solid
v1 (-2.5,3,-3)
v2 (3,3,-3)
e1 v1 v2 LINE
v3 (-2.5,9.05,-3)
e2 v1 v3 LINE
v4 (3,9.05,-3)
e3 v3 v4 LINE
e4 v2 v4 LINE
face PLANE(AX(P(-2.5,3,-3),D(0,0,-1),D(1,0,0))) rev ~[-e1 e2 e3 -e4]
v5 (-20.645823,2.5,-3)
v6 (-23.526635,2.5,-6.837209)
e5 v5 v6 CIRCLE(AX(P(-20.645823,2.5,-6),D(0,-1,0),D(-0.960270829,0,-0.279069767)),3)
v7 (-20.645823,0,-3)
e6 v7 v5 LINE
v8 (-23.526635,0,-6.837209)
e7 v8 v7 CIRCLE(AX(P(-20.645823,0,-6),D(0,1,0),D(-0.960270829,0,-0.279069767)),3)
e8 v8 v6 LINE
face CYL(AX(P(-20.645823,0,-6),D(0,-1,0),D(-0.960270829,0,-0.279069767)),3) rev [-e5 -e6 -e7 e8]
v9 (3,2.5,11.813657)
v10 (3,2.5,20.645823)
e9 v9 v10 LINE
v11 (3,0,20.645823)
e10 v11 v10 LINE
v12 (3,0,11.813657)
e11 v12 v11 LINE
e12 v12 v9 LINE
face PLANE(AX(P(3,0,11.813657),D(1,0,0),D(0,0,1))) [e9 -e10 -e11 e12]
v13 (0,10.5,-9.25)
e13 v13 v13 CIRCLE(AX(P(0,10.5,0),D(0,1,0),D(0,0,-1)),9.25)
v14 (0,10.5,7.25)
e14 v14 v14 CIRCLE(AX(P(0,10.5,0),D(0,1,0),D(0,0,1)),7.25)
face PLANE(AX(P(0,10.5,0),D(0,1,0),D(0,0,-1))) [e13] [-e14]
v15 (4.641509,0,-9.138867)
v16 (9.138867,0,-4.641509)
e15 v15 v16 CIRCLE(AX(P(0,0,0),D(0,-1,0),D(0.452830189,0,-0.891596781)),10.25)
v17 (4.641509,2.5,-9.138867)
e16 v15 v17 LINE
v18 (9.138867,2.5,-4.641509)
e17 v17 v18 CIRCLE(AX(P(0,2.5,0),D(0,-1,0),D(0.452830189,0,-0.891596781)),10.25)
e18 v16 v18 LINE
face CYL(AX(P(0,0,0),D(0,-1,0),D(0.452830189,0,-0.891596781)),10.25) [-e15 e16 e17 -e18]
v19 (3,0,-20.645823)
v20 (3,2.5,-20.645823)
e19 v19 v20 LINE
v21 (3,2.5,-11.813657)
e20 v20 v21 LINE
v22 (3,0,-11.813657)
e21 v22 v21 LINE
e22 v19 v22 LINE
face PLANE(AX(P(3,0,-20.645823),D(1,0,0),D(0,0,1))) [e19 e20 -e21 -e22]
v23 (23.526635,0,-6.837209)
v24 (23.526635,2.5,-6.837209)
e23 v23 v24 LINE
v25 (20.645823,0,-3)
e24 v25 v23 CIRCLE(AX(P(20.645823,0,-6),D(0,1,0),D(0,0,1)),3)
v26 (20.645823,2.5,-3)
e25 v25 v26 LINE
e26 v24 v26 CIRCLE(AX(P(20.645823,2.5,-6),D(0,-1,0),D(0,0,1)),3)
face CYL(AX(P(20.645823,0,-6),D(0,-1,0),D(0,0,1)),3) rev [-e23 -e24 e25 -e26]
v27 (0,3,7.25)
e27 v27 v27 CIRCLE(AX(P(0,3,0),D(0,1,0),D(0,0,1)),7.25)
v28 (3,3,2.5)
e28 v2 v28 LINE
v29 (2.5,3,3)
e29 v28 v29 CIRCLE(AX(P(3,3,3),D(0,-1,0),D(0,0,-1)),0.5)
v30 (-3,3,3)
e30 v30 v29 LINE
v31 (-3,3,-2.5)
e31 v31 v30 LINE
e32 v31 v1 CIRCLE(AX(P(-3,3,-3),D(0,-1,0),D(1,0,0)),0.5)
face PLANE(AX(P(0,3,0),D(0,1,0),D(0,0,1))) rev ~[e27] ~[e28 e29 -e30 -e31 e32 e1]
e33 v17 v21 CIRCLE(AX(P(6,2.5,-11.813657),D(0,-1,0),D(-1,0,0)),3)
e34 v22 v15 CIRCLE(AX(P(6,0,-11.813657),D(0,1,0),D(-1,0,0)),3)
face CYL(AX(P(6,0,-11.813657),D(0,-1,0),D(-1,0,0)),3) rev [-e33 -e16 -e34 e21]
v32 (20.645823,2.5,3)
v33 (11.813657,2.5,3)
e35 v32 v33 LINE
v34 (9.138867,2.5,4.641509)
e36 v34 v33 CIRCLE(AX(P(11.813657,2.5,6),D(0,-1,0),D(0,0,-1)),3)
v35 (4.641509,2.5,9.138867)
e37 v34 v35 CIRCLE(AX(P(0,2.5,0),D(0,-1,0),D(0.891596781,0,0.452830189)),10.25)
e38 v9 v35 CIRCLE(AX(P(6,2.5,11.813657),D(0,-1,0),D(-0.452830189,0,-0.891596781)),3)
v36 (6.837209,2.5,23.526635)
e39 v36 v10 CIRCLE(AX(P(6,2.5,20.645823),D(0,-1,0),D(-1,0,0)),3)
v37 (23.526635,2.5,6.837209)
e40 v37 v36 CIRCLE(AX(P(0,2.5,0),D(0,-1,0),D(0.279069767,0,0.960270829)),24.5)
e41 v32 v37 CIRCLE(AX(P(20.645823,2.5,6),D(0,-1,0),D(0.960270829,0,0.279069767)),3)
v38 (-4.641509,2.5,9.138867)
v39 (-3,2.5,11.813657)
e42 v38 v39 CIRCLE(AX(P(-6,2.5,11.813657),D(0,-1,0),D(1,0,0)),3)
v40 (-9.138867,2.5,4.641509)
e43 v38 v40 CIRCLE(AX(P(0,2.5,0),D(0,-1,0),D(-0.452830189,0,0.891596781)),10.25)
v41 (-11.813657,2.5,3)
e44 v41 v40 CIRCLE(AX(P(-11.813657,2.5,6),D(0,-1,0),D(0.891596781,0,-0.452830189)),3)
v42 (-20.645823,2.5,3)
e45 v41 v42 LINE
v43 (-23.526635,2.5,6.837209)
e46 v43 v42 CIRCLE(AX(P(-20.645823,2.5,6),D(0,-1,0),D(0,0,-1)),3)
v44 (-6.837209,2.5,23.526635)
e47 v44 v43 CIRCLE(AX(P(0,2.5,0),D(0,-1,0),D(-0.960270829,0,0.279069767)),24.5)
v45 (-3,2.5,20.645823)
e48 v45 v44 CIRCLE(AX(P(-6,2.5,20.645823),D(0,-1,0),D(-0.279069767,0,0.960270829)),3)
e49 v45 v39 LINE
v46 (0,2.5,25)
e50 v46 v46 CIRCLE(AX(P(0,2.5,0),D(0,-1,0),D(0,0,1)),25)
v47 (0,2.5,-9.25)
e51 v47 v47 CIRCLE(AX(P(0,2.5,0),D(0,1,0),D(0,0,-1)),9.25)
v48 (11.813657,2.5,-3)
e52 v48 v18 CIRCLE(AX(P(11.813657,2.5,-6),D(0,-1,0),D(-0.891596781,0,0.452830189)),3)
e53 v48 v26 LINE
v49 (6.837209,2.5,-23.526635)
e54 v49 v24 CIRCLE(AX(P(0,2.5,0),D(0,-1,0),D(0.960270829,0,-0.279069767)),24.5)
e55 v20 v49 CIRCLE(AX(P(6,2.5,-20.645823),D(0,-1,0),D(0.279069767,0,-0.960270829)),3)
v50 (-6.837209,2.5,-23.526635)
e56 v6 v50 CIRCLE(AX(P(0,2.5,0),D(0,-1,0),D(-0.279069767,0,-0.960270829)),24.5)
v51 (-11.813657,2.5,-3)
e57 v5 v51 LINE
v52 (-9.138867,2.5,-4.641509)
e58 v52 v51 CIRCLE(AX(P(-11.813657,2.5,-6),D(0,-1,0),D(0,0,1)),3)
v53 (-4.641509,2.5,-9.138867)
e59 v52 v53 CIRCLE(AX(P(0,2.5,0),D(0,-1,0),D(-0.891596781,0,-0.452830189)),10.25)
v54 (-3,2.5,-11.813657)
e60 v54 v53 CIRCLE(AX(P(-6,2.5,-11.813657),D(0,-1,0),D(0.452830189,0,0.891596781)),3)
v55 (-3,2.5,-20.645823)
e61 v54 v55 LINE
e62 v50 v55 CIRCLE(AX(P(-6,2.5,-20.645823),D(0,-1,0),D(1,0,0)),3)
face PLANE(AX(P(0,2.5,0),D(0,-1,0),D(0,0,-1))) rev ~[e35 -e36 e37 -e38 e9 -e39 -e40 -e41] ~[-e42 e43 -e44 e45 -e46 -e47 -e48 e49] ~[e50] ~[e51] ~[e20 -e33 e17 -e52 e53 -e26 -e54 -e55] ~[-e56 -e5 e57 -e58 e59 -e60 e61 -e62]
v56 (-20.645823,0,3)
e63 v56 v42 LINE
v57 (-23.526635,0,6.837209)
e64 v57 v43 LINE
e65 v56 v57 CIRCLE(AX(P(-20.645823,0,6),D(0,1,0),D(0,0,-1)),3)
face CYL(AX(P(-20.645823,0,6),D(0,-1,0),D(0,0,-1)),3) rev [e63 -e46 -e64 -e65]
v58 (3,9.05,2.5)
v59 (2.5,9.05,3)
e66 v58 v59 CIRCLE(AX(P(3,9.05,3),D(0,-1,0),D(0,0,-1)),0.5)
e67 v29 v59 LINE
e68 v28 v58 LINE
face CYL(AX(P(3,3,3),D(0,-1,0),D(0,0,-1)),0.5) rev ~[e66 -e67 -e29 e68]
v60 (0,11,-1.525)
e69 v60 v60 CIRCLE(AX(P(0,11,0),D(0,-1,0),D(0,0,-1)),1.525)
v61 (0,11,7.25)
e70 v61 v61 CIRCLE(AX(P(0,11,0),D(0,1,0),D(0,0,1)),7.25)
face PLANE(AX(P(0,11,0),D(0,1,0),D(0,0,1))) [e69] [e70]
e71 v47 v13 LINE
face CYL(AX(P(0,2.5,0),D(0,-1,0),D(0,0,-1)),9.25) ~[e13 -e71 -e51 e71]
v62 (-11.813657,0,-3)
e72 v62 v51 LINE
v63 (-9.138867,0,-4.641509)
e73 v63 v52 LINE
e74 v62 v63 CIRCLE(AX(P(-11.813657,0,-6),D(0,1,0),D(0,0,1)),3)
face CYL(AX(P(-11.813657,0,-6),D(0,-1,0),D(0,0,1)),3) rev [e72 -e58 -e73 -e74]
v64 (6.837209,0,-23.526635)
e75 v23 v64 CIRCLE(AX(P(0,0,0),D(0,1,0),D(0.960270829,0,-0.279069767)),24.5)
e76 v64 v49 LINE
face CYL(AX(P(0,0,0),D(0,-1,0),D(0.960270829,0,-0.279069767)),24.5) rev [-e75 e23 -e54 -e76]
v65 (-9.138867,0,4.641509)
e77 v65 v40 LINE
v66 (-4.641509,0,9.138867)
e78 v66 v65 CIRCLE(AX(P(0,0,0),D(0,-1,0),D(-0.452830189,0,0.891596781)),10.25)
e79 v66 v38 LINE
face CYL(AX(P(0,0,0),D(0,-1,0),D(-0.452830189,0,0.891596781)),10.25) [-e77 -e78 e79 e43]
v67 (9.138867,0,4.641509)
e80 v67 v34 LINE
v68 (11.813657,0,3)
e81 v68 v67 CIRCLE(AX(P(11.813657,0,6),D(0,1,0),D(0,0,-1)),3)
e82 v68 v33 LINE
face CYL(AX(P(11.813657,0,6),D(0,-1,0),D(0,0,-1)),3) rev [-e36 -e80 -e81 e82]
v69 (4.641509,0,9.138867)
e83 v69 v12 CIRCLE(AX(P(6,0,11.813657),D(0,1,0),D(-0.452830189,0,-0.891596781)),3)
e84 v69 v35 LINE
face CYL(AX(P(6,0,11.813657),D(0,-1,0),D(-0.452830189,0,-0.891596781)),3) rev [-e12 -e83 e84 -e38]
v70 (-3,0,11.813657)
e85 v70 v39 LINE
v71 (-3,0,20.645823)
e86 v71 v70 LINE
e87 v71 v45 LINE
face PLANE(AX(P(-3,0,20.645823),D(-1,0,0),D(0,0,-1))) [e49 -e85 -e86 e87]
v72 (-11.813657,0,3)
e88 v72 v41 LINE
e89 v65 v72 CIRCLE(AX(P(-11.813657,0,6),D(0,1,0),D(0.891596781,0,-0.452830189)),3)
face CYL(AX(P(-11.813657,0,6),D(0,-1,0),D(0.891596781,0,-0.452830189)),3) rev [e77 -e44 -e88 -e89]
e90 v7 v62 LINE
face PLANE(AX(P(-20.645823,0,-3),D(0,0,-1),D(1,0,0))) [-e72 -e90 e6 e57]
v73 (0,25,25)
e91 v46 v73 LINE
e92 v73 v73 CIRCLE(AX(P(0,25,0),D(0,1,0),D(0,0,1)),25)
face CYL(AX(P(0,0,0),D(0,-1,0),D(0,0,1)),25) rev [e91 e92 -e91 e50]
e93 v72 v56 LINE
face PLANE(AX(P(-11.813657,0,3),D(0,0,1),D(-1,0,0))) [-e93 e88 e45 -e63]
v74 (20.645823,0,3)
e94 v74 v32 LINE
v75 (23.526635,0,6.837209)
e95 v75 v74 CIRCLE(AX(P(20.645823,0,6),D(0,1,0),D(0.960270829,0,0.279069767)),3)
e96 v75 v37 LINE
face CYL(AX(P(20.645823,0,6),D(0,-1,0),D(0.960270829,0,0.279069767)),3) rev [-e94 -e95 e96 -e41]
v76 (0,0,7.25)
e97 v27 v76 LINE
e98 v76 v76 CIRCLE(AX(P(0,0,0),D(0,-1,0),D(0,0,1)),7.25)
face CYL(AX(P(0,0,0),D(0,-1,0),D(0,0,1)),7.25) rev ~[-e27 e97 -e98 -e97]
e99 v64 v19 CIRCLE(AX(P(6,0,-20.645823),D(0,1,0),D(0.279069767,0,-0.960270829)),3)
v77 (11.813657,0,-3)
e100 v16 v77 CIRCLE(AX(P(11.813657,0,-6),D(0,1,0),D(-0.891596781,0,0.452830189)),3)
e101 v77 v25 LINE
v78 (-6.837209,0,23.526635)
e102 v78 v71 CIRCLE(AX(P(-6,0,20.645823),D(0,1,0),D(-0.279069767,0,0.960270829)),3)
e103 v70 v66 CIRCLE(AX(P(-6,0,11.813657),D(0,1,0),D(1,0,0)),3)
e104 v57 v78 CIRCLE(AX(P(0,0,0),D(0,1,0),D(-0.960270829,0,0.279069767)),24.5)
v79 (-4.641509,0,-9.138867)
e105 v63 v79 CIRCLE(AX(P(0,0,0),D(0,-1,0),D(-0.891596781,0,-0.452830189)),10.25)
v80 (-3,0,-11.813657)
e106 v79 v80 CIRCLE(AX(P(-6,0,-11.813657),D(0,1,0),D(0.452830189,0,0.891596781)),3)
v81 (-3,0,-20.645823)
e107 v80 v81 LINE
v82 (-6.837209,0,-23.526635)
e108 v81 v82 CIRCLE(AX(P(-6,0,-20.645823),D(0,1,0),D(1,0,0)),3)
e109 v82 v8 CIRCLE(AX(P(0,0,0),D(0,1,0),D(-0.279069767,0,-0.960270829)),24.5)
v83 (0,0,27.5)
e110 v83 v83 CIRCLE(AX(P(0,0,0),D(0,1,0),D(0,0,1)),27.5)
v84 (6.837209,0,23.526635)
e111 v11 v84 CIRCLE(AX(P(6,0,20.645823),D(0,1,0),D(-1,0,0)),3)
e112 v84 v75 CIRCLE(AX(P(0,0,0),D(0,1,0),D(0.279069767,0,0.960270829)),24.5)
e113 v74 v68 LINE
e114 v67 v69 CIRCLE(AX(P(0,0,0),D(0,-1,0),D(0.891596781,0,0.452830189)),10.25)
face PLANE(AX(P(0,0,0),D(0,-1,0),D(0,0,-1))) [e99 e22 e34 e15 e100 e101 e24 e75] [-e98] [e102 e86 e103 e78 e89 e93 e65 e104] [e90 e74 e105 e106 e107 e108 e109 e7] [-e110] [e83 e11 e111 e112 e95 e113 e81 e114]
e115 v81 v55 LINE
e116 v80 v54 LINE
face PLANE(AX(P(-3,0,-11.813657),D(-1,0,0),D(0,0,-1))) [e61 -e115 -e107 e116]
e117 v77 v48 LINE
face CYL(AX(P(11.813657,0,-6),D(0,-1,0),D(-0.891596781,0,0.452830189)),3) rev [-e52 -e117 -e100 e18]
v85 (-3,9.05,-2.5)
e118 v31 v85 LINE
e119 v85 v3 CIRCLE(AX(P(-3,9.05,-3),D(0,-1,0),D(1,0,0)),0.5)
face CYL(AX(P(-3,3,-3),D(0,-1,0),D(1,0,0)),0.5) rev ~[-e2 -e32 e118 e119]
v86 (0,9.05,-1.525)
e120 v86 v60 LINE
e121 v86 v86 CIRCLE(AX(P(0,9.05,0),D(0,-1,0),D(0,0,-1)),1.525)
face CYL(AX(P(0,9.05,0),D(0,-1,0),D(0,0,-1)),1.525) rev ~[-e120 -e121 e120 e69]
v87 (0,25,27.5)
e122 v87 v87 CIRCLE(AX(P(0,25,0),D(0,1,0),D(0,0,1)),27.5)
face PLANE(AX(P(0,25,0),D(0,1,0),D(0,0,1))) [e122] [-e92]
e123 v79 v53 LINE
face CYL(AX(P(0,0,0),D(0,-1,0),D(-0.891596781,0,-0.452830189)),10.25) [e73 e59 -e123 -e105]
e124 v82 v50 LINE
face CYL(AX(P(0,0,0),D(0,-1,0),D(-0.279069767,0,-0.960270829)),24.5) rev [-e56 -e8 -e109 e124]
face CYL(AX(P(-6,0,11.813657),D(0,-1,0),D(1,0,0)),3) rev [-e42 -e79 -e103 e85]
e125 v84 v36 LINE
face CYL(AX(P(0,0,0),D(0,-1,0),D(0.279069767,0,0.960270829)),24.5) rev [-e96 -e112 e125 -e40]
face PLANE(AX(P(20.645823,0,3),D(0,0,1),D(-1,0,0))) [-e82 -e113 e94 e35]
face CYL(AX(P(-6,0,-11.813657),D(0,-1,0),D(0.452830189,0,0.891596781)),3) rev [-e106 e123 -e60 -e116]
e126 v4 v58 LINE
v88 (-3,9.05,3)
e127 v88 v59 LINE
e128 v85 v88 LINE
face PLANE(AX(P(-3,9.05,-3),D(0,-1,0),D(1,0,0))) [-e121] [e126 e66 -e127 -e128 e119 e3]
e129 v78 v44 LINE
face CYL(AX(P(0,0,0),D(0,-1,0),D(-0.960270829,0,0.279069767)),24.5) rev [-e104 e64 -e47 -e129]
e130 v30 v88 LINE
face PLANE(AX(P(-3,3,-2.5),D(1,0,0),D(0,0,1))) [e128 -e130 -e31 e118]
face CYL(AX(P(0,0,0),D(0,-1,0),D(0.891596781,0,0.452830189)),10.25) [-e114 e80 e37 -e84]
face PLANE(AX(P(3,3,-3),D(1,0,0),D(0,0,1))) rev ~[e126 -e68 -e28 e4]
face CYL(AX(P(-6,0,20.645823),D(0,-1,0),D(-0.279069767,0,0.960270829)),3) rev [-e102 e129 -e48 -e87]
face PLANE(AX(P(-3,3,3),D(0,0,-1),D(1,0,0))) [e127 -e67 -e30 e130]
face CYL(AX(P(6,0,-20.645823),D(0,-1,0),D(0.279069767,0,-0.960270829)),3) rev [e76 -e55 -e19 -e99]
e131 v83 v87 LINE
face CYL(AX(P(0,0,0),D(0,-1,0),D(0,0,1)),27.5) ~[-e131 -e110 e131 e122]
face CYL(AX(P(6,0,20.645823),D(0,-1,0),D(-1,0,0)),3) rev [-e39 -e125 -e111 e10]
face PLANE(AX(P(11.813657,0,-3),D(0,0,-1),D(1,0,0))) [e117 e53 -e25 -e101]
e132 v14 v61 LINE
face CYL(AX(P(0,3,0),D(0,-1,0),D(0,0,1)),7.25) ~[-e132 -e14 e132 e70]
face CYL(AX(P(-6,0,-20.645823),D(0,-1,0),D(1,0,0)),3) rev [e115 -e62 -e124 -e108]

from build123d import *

# Parameters (mm, degrees)
SKETCH1_R           = 27.5
SKETCH1_R_2         = 25
BOSS_EXTRUDE1_DEPTH = 25
SKETCH2_R           = 25
BOSS_EXTRUDE2_DEPTH = 2.5
BOSS_EXTRUDE3_START = 0.5
SKETCH3_R           = 7.25
BOSS_EXTRUDE3_DEPTH = 8
SKETCH3_3_R         = 9.25
SKETCH3_3_R_2       = 7.25
BOSS_EXTRUDE4_DEPTH = 8
SKETCH4_R           = 7.25
CUT_EXTRUDE1_DEPTH  = 3
CUT_EXTRUDE3_DEPTH  = 6
CUT_EXTRUDE5_DEPTH  = 6.05
SKETCH7_R           = 1.525
CUT_EXTRUDE6_DEPTH  = 6.05


with BuildPart() as part:
    # Sketch1 → Boss-Extrude1 (new body)
    with BuildSketch(Plane(origin=(0, 0, 0), x_dir=(1, 0, 0), z_dir=(0, 1, 0))):
        Circle(SKETCH1_R)
        Circle(SKETCH1_R_2, mode=Mode.SUBTRACT)
    extrude(amount=BOSS_EXTRUDE1_DEPTH)

    # Sketch2 → Boss-Extrude2 (add)
    with BuildSketch(Plane.XZ):
        Circle(SKETCH2_R)
    extrude(amount=-BOSS_EXTRUDE2_DEPTH)



with BuildPart() as body_2:
    # Sketch3 → Boss-Extrude3 (new body)
    with BuildSketch(Plane(origin=(0, 2.5, 0), x_dir=(1, 0, 0), z_dir=(0, 1, 0)).offset(BOSS_EXTRUDE3_START)):
        Circle(SKETCH3_R)
    extrude(amount=BOSS_EXTRUDE3_DEPTH)


with BuildPart() as part_1:
    add(part.part)

    add(body_2.part)  # Boss-Extrude4 merges body 2
    # Sketch3<3> → Boss-Extrude4 (add)
    with BuildSketch(Plane(origin=(0, 2.5, 0), x_dir=(1, 0, 0), z_dir=(0, 1, 0))):
        Circle(SKETCH3_3_R)
        Circle(SKETCH3_3_R_2, mode=Mode.SUBTRACT)
    extrude(amount=BOSS_EXTRUDE4_DEPTH)

    # Sketch4 → Cut-Extrude1 (cut)
    with BuildSketch(Plane.XZ):
        Circle(SKETCH4_R)
    extrude(amount=-CUT_EXTRUDE1_DEPTH, mode=Mode.SUBTRACT)

    # Sketch5 → Cut-Extrude3 (cut)
    with BuildSketch(Plane.XZ):
        with BuildLine():
            Line((11.813657351, -3), (20.645822822, -3))
            ThreePointArc((20.645822822, -3), (23.044950571, -4.198837585), (23.526635309, -6.837209302))
            ThreePointArc((23.526635309, -6.837209302), (17.324116139, -17.324116139), (6.837209302, -23.526635309))
            ThreePointArc((6.837209302, -23.526635309), (4.198837585, -23.044950571), (3, -20.645822822))
            Line((3, -20.645822822), (3, -11.813657351))
            ThreePointArc((3, -11.813657351), (3.443100344, -10.244497018), (4.641509434, -9.138867007))
            ThreePointArc((4.641509434, -9.138867007), (7.247844507, -7.247844507), (9.138867007, -4.641509434))
            ThreePointArc((9.138867007, -4.641509434), (10.244497018, -3.443100344), (11.813657351, -3))
        make_face()
        with BuildLine():
            Line((-3, -11.813657351), (-3, -20.645822822))
            ThreePointArc((-3, -20.645822822), (-4.198837585, -23.044950571), (-6.837209302, -23.526635309))
            ThreePointArc((-6.837209302, -23.526635309), (-17.324116139, -17.324116139), (-23.526635309, -6.837209302))
            ThreePointArc((-23.526635309, -6.837209302), (-23.044950571, -4.198837585), (-20.645822822, -3))
            Line((-20.645822822, -3), (-11.813657351, -3))
            ThreePointArc((-11.813657351, -3), (-10.244497018, -3.443100344), (-9.138867007, -4.641509434))
            ThreePointArc((-9.138867007, -4.641509434), (-7.247844507, -7.247844507), (-4.641509434, -9.138867007))
            ThreePointArc((-4.641509434, -9.138867007), (-3.443100344, -10.244497018), (-3, -11.813657351))
        make_face()
        with BuildLine():
            Line((-11.813657351, 3), (-20.645822822, 3))
            ThreePointArc((-20.645822822, 3), (-23.044950571, 4.198837585), (-23.526635309, 6.837209302))
            ThreePointArc((-23.526635309, 6.837209302), (-17.324116139, 17.324116139), (-6.837209302, 23.526635309))
            ThreePointArc((-6.837209302, 23.526635309), (-4.198837585, 23.044950571), (-3, 20.645822822))
            Line((-3, 20.645822822), (-3, 11.813657351))
            ThreePointArc((-3, 11.813657351), (-3.443100344, 10.244497018), (-4.641509434, 9.138867007))
            ThreePointArc((-4.641509434, 9.138867007), (-7.247844507, 7.247844507), (-9.138867007, 4.641509434))
            ThreePointArc((-9.138867007, 4.641509434), (-10.244497018, 3.443100344), (-11.813657351, 3))
        make_face()
        with BuildLine():
            Line((3, 11.813657351), (3, 20.645822822))
            ThreePointArc((3, 20.645822822), (4.198837585, 23.044950571), (6.837209302, 23.526635309))
            ThreePointArc((6.837209302, 23.526635309), (17.324116139, 17.324116139), (23.526635309, 6.837209302))
            ThreePointArc((23.526635309, 6.837209302), (23.044950571, 4.198837585), (20.645822822, 3))
            Line((20.645822822, 3), (11.813657351, 3))
            ThreePointArc((11.813657351, 3), (10.244497018, 3.443100344), (9.138867007, 4.641509434))
            ThreePointArc((9.138867007, 4.641509434), (7.247844507, 7.247844507), (4.641509434, 9.138867007))
            ThreePointArc((4.641509434, 9.138867007), (3.443100344, 10.244497018), (3, 11.813657351))
        make_face()
    extrude(amount=-CUT_EXTRUDE3_DEPTH, mode=Mode.SUBTRACT)

    # Sketch6 → Cut-Extrude5 (cut)
    with BuildSketch(Plane.XZ.offset(-3)):
        with BuildLine():
            ThreePointArc((-3, -2.5), (-3.353553391, -3.353553391), (-2.5, -3))
            Line((-2.5, -3), (3, -3))
            Line((3, -3), (3, 2.5))
            ThreePointArc((3, 2.5), (3.353553391, 3.353553391), (2.5, 3))
            Line((2.5, 3), (-3, 3))
            Line((-3, 3), (-3, -2.5))
        make_face()
    extrude(amount=-CUT_EXTRUDE5_DEPTH, mode=Mode.SUBTRACT)

    # Sketch7 → Cut-Extrude6 (cut)
    with BuildSketch(Plane.XZ.offset(-9.05)):
        Circle(SKETCH7_R)
    extrude(amount=-CUT_EXTRUDE6_DEPTH, mode=Mode.SUBTRACT)


solid = part_1.part
